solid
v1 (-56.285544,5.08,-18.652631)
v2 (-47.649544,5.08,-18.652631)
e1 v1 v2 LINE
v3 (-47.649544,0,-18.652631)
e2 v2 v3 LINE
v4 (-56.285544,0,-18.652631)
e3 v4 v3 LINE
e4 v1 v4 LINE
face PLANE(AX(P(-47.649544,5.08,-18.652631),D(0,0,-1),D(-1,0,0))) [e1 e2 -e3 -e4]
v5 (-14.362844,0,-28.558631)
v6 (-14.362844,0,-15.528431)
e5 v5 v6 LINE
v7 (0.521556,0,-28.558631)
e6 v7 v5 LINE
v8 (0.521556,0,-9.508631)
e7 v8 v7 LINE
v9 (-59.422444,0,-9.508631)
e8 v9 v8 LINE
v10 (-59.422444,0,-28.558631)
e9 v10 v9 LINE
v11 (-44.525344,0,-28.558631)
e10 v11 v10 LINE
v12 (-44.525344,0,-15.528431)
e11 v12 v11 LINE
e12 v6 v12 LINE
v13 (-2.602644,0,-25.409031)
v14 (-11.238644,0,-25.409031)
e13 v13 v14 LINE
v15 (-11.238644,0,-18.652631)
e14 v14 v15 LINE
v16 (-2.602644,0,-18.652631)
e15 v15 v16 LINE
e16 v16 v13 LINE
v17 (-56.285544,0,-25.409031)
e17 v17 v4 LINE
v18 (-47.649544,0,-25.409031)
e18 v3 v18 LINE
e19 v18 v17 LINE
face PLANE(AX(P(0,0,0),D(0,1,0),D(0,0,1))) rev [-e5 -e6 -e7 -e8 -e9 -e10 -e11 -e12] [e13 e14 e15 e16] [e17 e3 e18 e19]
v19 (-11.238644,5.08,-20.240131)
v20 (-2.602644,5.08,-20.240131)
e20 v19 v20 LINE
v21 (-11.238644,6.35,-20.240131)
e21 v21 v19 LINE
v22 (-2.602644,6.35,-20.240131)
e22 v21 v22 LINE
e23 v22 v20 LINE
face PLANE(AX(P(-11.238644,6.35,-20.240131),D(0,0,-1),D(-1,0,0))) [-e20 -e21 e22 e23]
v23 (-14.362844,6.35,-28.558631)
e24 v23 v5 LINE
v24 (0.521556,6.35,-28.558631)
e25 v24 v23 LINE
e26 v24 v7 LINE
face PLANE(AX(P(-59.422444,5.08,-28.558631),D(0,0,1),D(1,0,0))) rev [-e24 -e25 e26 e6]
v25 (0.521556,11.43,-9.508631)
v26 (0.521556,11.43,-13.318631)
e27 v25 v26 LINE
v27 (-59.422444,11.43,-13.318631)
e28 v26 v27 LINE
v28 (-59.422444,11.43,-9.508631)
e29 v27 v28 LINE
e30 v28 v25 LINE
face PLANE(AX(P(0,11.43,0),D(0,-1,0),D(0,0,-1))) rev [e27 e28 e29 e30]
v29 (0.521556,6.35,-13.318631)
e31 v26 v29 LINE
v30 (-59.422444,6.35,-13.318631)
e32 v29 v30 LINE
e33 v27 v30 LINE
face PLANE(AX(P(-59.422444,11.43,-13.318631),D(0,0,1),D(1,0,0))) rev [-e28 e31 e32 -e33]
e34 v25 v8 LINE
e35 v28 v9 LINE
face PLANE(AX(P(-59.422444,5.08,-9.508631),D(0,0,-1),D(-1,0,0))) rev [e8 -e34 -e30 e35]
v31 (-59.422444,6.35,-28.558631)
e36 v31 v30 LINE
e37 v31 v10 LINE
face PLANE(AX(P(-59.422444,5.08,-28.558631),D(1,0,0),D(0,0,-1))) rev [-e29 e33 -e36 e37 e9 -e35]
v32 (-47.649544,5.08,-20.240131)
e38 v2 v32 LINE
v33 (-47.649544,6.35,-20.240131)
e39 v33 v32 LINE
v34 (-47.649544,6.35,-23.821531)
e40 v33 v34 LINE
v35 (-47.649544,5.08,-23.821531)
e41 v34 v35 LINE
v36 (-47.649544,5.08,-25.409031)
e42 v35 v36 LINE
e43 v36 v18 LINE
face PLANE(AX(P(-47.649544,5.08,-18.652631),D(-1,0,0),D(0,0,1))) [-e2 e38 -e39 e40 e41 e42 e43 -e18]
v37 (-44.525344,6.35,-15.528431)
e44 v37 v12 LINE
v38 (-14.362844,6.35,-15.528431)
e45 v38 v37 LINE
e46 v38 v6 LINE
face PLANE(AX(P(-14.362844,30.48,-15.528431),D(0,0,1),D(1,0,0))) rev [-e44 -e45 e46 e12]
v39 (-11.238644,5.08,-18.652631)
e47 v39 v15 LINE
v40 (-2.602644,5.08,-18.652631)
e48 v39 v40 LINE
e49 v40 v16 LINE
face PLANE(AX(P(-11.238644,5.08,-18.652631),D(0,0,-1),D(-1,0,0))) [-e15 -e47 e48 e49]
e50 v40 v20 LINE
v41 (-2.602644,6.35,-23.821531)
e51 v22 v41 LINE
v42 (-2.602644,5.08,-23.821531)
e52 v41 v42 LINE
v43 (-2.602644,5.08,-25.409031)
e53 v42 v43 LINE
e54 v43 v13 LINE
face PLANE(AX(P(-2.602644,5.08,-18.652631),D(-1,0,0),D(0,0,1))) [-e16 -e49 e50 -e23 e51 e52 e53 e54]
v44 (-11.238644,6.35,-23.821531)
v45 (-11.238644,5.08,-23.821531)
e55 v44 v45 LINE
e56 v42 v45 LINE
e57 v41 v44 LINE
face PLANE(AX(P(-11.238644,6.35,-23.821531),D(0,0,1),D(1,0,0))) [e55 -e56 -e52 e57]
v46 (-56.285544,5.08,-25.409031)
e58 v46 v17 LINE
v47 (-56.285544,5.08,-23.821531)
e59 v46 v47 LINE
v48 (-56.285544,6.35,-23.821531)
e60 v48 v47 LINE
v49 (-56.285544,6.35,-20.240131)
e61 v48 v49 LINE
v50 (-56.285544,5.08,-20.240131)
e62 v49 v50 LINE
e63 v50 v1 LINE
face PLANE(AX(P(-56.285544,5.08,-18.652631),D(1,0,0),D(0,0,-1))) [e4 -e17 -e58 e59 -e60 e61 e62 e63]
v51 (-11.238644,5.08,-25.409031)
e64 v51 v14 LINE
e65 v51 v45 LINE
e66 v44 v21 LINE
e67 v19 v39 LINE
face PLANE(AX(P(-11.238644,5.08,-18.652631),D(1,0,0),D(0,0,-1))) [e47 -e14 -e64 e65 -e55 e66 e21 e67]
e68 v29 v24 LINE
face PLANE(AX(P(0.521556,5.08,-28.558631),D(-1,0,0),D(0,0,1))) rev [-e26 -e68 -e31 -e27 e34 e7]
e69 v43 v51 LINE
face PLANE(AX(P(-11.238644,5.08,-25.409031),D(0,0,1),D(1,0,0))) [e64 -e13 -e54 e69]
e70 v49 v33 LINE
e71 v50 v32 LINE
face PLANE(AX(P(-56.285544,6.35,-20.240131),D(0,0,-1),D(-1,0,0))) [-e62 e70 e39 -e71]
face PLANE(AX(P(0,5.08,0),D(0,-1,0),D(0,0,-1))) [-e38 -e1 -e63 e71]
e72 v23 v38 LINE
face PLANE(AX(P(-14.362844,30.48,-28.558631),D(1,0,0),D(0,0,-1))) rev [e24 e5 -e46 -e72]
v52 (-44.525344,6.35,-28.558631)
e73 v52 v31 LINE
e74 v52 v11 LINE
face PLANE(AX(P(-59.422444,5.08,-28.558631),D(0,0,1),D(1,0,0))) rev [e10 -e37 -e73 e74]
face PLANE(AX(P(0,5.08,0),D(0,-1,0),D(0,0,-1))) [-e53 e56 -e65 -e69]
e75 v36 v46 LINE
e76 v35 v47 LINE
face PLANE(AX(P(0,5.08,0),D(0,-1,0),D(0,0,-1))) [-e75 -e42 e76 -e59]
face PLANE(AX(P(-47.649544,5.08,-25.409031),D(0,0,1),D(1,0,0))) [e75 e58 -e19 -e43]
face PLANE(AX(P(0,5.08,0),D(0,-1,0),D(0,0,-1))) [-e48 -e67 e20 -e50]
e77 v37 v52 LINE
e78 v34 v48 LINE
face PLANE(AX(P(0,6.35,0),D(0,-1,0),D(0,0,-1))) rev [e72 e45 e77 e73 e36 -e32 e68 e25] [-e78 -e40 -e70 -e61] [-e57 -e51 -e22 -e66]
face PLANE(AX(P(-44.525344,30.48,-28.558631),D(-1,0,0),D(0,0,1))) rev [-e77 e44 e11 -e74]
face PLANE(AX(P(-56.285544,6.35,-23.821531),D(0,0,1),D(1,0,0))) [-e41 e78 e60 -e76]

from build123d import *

# Parameters (mm, degrees)
SKETCH1_W           = 59.944
SKETCH1_H           = 19.05
SKETCH1_W_2         = 8.636
SKETCH1_H_2         = 6.7564
BOSS_EXTRUDE1_DEPTH = 5.08
SKETCH2_W           = 59.944
SKETCH2_H           = 19.05
SKETCH2_W_2         = 8.636
SKETCH2_H_2         = 3.5814
BOSS_EXTRUDE2_DEPTH = 1.27
SKETCH5_W           = 30.1625
SKETCH5_H           = 13.0302
CUT_EXTRUDE1_DEPTH  = 30.48
SKETCH6_W           = 59.944
SKETCH6_H           = 3.81
BOSS_EXTRUDE4_DEPTH = 5.08


with BuildPart() as part:
    # Sketch1 → Boss-Extrude1 (new body)
    with BuildSketch(Plane(origin=(0, 0, 0), x_dir=(1, 0, 0), z_dir=(0, 1, 0))):
        with Locations((-29.450443736, 19.033631364)):
            Rectangle(SKETCH1_W, SKETCH1_H)
        with Locations((-51.967543736, 22.030831364)):
            Rectangle(SKETCH1_W_2, SKETCH1_H_2, mode=Mode.SUBTRACT)
        with Locations((-6.920643736, 22.030831364)):
            Rectangle(SKETCH1_W_2, SKETCH1_H_2, mode=Mode.SUBTRACT)
    extrude(amount=BOSS_EXTRUDE1_DEPTH)

    # Sketch2 → Boss-Extrude2 (add)
    with BuildSketch(Plane(origin=(0, 5.08, 0), x_dir=(1, 0, 0), z_dir=(0, 1, 0))):
        with Locations((-29.450443736, 19.033631364)):
            Rectangle(SKETCH2_W, SKETCH2_H)
        with Locations((-51.967543736, 22.030831364)):
            Rectangle(SKETCH2_W_2, SKETCH2_H_2, mode=Mode.SUBTRACT)
        with Locations((-6.920643736, 22.030831364)):
            Rectangle(SKETCH2_W_2, SKETCH2_H_2, mode=Mode.SUBTRACT)
    extrude(amount=BOSS_EXTRUDE2_DEPTH)

    # Sketch5 → Cut-Extrude1 (cut)
    with BuildSketch(Plane.XZ):
        with Locations((-29.444093736, -22.043531364)):
            Rectangle(SKETCH5_W, SKETCH5_H)
    extrude(amount=-CUT_EXTRUDE1_DEPTH, mode=Mode.SUBTRACT)

    # Sketch6 → Boss-Extrude4 (add)
    with BuildSketch(Plane(origin=(0, 6.35, 0), x_dir=(1, 0, 0), z_dir=(0, 1, 0))):
        with Locations((-29.450443736, 11.413631364)):
            Rectangle(SKETCH6_W, SKETCH6_H)
    extrude(amount=BOSS_EXTRUDE4_DEPTH)


solid = part.part
